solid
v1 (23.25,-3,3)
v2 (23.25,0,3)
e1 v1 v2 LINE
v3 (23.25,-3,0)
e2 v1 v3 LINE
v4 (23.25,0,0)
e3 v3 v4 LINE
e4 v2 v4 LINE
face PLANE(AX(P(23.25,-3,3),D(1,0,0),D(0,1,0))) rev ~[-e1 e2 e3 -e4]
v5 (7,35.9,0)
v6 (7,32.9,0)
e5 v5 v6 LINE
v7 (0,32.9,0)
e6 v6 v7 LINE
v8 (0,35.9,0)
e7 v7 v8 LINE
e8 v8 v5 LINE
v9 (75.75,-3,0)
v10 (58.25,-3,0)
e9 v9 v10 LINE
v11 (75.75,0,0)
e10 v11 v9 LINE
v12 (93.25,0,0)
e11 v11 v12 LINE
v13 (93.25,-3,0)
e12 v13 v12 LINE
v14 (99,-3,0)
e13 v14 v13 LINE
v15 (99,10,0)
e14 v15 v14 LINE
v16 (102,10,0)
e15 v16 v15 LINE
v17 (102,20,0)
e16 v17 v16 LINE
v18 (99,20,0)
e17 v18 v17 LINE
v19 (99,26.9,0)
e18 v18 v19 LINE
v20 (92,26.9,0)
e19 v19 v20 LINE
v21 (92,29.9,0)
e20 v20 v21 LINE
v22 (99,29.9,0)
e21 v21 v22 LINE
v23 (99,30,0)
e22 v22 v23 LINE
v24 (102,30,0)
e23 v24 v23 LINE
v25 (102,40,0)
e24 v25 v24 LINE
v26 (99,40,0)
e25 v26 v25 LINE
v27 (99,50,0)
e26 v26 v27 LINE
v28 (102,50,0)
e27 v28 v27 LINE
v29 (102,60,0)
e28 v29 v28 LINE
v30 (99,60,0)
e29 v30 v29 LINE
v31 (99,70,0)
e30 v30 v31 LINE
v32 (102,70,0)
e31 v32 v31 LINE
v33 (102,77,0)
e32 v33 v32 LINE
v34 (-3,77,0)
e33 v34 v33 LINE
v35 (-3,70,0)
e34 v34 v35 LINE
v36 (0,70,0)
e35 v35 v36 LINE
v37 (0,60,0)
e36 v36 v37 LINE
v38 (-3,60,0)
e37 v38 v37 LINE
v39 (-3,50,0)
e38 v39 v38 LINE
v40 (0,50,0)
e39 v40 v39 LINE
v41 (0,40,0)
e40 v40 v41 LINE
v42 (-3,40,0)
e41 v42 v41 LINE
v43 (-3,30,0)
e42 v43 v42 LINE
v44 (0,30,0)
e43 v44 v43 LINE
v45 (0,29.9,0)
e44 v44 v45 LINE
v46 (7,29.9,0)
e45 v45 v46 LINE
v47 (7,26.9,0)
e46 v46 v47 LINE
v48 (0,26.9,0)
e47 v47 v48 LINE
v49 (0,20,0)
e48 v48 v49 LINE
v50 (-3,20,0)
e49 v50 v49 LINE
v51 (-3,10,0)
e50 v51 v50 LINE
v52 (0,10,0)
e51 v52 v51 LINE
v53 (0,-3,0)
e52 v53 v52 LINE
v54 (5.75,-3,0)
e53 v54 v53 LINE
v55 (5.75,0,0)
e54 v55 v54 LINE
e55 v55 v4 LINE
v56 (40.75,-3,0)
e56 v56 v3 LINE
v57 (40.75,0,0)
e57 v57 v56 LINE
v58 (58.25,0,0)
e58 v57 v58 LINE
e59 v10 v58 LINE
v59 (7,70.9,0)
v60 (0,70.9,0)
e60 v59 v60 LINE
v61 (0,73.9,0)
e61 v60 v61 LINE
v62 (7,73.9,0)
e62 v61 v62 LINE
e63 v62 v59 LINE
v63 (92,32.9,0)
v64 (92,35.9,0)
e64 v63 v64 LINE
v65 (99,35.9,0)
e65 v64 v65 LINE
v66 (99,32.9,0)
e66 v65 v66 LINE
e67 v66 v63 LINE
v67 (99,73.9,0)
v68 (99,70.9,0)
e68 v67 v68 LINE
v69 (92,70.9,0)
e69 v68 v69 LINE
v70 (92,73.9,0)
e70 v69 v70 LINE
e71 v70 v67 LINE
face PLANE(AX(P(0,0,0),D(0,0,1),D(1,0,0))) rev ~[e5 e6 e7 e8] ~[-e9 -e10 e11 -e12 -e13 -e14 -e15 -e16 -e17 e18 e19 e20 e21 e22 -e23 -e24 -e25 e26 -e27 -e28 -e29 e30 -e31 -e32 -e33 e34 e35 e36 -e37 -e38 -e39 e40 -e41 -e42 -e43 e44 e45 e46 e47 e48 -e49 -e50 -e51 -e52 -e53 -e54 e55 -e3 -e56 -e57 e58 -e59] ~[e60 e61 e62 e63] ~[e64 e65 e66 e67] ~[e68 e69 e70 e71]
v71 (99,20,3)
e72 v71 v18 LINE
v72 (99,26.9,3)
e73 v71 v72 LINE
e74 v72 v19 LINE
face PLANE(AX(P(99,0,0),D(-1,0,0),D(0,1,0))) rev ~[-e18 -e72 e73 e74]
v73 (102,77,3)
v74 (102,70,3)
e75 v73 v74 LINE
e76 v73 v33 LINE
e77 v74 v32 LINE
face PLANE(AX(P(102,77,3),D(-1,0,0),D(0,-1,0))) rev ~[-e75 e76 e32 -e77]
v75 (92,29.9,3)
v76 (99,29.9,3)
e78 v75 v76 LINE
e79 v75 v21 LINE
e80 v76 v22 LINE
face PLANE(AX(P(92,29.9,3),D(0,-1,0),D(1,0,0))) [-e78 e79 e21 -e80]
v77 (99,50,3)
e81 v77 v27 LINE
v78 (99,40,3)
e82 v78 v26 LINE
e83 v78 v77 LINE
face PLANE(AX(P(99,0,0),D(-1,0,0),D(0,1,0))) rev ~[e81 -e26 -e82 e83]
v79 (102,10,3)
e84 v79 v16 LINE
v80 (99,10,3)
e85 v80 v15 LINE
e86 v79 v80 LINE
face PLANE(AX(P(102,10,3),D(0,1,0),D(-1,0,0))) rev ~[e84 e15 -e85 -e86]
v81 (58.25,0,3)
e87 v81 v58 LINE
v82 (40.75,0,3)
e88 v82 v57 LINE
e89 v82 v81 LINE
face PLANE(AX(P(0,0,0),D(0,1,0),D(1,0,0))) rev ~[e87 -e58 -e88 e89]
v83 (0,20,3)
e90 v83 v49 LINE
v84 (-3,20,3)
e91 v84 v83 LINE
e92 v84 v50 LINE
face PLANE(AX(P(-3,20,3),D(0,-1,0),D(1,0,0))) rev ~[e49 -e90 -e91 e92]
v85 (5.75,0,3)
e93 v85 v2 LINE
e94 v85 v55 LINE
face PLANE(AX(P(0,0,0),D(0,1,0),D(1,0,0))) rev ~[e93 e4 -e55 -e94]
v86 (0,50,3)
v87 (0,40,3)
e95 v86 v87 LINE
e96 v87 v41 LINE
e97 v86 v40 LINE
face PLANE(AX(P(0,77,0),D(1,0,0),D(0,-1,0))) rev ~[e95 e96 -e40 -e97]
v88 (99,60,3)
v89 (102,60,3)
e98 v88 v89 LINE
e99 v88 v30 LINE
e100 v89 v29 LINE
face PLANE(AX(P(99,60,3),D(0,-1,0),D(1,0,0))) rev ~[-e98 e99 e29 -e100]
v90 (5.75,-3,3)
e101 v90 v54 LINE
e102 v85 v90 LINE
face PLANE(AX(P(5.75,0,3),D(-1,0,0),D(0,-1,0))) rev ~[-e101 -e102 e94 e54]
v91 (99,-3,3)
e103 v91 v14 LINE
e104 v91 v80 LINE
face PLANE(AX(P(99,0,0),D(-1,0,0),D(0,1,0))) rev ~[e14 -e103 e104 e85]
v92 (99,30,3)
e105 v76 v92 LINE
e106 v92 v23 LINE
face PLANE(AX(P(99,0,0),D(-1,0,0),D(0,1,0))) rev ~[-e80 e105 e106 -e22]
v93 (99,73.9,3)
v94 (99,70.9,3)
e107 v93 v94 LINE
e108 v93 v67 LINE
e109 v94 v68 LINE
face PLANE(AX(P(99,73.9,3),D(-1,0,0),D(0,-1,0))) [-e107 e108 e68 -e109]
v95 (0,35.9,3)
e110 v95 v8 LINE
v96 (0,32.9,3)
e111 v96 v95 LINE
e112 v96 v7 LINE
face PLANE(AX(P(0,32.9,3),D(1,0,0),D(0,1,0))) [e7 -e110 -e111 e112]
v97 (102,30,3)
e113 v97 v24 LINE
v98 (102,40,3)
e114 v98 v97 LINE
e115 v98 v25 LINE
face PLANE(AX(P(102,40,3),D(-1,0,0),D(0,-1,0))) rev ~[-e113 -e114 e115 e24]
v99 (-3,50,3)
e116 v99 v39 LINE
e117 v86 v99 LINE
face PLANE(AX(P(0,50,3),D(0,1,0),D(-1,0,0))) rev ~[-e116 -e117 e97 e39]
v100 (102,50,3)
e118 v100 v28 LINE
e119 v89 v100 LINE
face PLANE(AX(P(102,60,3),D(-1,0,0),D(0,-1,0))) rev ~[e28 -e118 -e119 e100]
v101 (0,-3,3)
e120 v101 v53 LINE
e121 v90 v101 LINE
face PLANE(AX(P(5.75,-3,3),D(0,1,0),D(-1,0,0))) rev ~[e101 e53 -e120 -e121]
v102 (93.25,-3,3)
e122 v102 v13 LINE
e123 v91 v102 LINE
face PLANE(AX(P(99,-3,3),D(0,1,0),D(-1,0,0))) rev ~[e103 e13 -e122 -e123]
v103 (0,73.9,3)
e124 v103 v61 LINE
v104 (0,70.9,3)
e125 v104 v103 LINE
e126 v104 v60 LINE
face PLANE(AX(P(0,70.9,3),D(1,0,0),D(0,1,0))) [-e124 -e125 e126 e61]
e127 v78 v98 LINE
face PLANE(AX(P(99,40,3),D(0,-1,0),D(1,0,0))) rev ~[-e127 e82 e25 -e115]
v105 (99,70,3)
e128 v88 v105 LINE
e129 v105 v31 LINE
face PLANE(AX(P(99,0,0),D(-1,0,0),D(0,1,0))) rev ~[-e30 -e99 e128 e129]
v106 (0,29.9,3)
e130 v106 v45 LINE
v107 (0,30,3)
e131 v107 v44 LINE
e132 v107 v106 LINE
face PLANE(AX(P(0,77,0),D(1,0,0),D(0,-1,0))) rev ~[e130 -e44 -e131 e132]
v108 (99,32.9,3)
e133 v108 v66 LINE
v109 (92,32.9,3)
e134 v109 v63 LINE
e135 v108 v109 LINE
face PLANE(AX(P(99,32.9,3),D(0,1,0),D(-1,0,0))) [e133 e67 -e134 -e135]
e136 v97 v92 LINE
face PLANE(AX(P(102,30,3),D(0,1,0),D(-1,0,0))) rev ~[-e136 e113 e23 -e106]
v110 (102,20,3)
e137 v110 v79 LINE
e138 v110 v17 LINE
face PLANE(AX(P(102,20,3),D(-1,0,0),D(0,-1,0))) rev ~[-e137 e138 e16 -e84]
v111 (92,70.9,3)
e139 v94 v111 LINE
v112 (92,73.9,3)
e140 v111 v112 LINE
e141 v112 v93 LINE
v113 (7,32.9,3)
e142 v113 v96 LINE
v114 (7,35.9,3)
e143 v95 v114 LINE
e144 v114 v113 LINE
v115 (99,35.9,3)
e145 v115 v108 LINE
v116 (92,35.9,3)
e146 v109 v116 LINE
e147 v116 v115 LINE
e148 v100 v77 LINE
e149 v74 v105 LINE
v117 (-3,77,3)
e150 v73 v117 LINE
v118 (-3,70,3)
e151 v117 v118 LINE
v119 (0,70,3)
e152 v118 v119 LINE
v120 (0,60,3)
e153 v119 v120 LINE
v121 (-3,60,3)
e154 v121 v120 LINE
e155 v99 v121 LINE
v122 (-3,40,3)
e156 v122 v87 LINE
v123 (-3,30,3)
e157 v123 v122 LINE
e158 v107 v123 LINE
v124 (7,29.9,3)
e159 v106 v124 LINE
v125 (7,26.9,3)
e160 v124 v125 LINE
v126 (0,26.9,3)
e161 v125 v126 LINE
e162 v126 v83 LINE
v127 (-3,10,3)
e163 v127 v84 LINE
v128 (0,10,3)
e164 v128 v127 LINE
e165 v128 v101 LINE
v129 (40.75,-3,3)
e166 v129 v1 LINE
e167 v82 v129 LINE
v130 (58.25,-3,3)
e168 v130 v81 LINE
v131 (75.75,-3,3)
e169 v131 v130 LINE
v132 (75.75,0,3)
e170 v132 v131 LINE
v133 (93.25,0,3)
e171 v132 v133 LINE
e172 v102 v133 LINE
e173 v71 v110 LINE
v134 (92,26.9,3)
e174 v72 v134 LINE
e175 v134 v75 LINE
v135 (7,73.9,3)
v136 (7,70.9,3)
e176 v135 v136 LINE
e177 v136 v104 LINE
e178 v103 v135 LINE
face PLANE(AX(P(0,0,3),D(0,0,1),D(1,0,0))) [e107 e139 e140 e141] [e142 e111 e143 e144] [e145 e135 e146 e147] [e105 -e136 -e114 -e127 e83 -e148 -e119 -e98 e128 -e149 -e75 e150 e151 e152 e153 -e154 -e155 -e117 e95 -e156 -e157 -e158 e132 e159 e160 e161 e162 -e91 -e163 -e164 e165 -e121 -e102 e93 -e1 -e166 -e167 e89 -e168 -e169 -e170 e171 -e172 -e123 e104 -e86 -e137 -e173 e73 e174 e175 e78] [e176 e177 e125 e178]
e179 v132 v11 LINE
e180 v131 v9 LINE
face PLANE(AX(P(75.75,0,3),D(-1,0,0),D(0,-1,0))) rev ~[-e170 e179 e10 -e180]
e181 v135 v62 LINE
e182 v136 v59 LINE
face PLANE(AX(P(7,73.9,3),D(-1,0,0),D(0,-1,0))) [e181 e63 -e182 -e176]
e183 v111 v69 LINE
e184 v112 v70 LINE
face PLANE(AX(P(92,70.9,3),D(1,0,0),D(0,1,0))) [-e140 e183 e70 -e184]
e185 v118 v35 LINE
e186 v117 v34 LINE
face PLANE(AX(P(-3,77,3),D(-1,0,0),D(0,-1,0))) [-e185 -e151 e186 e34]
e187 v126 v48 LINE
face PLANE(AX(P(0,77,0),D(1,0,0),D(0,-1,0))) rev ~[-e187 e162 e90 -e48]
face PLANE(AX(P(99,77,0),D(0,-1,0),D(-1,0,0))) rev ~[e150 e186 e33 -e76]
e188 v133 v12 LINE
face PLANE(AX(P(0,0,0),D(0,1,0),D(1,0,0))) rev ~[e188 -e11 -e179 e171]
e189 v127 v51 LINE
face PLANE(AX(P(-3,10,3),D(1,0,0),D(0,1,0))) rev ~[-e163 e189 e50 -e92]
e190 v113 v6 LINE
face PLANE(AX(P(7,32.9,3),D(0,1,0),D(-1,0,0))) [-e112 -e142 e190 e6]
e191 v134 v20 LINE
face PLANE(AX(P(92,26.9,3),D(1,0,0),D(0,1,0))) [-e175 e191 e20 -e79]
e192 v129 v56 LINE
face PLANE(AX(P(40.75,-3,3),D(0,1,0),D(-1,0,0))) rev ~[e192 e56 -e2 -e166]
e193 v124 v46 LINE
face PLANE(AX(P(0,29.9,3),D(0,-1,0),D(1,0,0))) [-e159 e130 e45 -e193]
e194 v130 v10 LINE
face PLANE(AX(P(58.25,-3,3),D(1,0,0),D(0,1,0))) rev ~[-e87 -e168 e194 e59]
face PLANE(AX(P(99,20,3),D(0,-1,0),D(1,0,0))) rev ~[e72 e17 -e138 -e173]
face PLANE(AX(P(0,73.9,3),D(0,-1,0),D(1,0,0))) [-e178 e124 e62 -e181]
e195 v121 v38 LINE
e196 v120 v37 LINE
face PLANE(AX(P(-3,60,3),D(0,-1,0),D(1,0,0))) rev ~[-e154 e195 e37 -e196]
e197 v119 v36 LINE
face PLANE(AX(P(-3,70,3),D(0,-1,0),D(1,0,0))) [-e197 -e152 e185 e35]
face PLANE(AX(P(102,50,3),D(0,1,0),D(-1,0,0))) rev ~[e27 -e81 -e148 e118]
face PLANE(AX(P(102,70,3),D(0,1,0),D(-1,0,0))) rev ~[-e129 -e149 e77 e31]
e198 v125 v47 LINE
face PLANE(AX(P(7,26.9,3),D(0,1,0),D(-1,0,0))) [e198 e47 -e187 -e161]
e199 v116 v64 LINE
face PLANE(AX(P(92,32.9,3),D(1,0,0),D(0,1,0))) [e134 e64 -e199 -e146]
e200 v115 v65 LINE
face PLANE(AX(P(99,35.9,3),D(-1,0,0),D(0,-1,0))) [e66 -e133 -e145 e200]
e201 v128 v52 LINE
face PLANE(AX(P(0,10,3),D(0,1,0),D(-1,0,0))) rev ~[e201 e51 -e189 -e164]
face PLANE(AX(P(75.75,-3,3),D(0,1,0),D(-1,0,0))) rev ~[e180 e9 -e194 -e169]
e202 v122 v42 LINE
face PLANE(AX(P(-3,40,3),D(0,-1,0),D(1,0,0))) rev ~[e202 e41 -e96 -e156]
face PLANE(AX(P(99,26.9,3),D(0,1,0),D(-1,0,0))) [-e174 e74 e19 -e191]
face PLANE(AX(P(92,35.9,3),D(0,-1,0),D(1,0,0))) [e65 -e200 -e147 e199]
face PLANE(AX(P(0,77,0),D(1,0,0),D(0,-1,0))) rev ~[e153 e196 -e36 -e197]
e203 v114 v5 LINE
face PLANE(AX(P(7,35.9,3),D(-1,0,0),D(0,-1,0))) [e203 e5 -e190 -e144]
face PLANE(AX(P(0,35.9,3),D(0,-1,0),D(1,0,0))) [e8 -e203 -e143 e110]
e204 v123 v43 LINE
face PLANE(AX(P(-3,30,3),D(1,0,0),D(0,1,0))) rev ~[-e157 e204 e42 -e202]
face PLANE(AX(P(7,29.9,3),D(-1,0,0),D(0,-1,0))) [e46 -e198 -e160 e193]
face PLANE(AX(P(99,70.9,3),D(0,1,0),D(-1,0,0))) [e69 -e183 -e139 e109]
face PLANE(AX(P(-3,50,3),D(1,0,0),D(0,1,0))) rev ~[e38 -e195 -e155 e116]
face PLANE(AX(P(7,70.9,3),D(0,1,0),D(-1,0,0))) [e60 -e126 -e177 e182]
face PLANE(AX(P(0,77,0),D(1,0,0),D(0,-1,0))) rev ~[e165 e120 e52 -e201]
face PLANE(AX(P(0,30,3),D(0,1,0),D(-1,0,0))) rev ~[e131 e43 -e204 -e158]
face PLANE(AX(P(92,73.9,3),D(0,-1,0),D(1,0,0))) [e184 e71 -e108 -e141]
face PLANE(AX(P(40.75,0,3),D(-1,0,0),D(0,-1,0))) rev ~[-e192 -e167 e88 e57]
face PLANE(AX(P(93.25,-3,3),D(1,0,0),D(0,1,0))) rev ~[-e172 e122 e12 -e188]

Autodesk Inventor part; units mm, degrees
ref_plane "YZ Plane" through (0, 0, 0) normal (1, 0, 0) x (0, 1, 0)
ref_plane "XZ Plane" through (0, 0, 0) normal (0, 1, 0) x (-1, 0, 0)
ref_plane "XY Plane" through (0, 0, 0) normal (0, 0, 1) x (1, 0, 0)
sketch "Sketch1" plane through (0, 0, 0) normal (0, 0, 1) x (1, 0, 0)
  line L0 (0, 0) -> (99, 0)
  line L1 (99, 0) -> (99, 77)
  line L2 (99, 77) -> (0, 77)
  line L3 (0, 77) -> (0, 0)
  dimension "d0" = 99
  dimension "d1" = 77
extrude "Extrusion1" add sketch "Sketch1" along normal blind 3
sketch "Sketch2" plane through (0, 0, 3) normal (0, 0, 1) x (1, 0, 0)
  line L0 (99, 77) -> (0, 77) projected
  line L1 (0, 0) -> (99, 0) projected
  line L2 (0, 77) -> (99, 77)
  line L3 (99, 77) -> (99, 0)
  line L4 (99, 0) -> (0, 0)
  line L5 (0, 0) -> (0, 77)
  line L6 (0, 77) -> (0, 0) projected
  line L7 (0, 10) -> (-3, 10)
  line L8 (-3, 10) -> (-3, 20)
  line L9 (-3, 20) -> (0, 20)
  line L10 (-3, 40) -> (0, 40)
  line L11 (-3, 30) -> (-3, 40)
  line L12 (0, 30) -> (-3, 30)
  line L13 (-3, 60) -> (0, 60)
  line L14 (-3, 50) -> (-3, 60)
  line L15 (0, 50) -> (-3, 50)
  line L16 (99, 77) -> (0, 77) projected
  line L17 (0, 77) -> (-3, 77)
  line L18 (-3, 77) -> (-3, 70)
  line L19 (-3, 70) -> (0, 70)
  line L20 (99, 0) -> (99, 77) projected
  line L21 (99, 77) -> (102, 77)
  line L22 (102, 77) -> (102, 70)
  line L23 (102, 70) -> (99, 70)
  line L24 (99, 0) -> (99, 77) projected
  line L25 (99, 60) -> (102, 60)
  line L26 (102, 60) -> (102, 50)
  line L27 (102, 50) -> (99, 50)
  line L28 (99, 40) -> (102, 40)
  line L29 (102, 40) -> (102, 30)
  line L30 (102, 30) -> (99, 30)
  line L31 (99, 20) -> (102, 20)
  line L32 (102, 20) -> (102, 10)
  line L33 (102, 10) -> (99, 10)
  line L34 (99, 10) -> (99, -3)
  line L35 (99, -3) -> (93.25, -3)
  line L36 (93.25, -3) -> (93.25, 0)
  line L37 (93.25, 0) -> (75.75, 0)
  line L38 (75.75, 0) -> (75.75, -3)
  line L39 (75.75, -3) -> (58.25, -3)
  line L40 (58.25, -3) -> (58.25, 0)
  line L41 (58.25, 0) -> (40.75, 0)
  line L42 (40.75, 0) -> (40.75, -3)
  line L43 (40.75, -3) -> (23.25, -3)
  line L44 (23.25, -3) -> (23.25, 0)
  line L45 (23.25, 0) -> (5.75, 0)
  line L46 (5.75, 0) -> (5.75, -3)
  line L47 (5.75, -3) -> (0, -3)
  line L48 (0, -3) -> (0, 0)
  point P0 (99, 30)
  point P1 (99, 20)
  point P2 (99, 10)
  point P3 (23.25, 0)
  point P4 (58.25, 0)
  point P5 (93.25, 0)
  dimension "d13" = 3
  dimension "d14" = 10
  dimension "d17" = 20
  dimension "d22" = 3
  dimension "d23" = 7
  dimension "d24" = 3
  dimension "d48" = 13
  dimension "d49" = 5.75
  dimension "d50" = 17.5
  dimension "d51" = 17.5
  dimension "d52" = 17.5
  dimension "d53" = 17.5
  dimension "d54" = 17.5
  dimension "d55" = 5.75
extrude "Extrusion2" add sketch "Sketch2" against normal blind 3 contours L21 L22 L23 L3 | L5 L19 L18 L17 | L25 L26 L27 L3 | L5 L15 L14 L13 | L28 L29 L30 L3 | L5 L12 L11 L10 | L31 L32 L33 L3 | L5 L7 L8 L9 | L34 L35 L36 L1 | L1 L46 L47 L48 | L38 L39 L40 L1 | L1 L42 L43 L44
sketch "Sketch3" plane through (0, 0, 3) normal (0, 0, 1) x (1, 0, 0)
  line L0 (0, 73.9) -> (7, 73.9)
  line L1 (7, 73.9) -> (7, 70.9)
  line L2 (7, 70.9) -> (0, 70.9)
  line L3 (0, 70.9) -> (0, 73.9)
  line L4 (92, 73.9) -> (99, 73.9)
  line L5 (99, 73.9) -> (99, 70.9)
  line L6 (99, 70.9) -> (92, 70.9)
  line L7 (92, 70.9) -> (92, 73.9)
  line L8 (0, 35.9) -> (7, 35.9)
  line L9 (7, 35.9) -> (7, 32.9)
  line L10 (7, 32.9) -> (0, 32.9)
  line L11 (0, 32.9) -> (0, 35.9)
  line L12 (92, 35.9) -> (99, 35.9)
  line L13 (99, 35.9) -> (99, 32.9)
  line L14 (99, 32.9) -> (92, 32.9)
  line L15 (92, 32.9) -> (92, 35.9)
  line L16 (7, 29.9) -> (7, 26.9)
  line L17 (7, 26.9) -> (0, 26.9)
  line L18 (0, 26.9) -> (0, 29.9)
  line L19 (0, 29.9) -> (7, 29.9)
  line L20 (99, 35.9) -> (99, 32.9)
  line L21 (99, 32.9) -> (92, 32.9)
  line L22 (92, 32.9) -> (92, 35.9)
  line L23 (92, 35.9) -> (99, 35.9)
  line L24 (99, 29.9) -> (99, 26.9)
  line L25 (99, 26.9) -> (92, 26.9)
  line L26 (92, 26.9) -> (92, 29.9)
  line L27 (92, 29.9) -> (99, 29.9)
  line L28 (-3, 77) -> (102, 77) projected
  line L29 (99, 20) -> (99, 30) projected
  point P0 (0, 0)
  dimension "d27" = 7
  dimension "d28" = 3
  dimension "d31" = 92
  dimension "d34" = 38
  dimension "d41" = 6
  dimension "d44" = 92
  dimension "d47" = 3.1
extrude "Extrusion3" cut sketch "Sketch3" against normal through all
properties part number "DoosjeVoorkant" material "Wood (Cherry)"
